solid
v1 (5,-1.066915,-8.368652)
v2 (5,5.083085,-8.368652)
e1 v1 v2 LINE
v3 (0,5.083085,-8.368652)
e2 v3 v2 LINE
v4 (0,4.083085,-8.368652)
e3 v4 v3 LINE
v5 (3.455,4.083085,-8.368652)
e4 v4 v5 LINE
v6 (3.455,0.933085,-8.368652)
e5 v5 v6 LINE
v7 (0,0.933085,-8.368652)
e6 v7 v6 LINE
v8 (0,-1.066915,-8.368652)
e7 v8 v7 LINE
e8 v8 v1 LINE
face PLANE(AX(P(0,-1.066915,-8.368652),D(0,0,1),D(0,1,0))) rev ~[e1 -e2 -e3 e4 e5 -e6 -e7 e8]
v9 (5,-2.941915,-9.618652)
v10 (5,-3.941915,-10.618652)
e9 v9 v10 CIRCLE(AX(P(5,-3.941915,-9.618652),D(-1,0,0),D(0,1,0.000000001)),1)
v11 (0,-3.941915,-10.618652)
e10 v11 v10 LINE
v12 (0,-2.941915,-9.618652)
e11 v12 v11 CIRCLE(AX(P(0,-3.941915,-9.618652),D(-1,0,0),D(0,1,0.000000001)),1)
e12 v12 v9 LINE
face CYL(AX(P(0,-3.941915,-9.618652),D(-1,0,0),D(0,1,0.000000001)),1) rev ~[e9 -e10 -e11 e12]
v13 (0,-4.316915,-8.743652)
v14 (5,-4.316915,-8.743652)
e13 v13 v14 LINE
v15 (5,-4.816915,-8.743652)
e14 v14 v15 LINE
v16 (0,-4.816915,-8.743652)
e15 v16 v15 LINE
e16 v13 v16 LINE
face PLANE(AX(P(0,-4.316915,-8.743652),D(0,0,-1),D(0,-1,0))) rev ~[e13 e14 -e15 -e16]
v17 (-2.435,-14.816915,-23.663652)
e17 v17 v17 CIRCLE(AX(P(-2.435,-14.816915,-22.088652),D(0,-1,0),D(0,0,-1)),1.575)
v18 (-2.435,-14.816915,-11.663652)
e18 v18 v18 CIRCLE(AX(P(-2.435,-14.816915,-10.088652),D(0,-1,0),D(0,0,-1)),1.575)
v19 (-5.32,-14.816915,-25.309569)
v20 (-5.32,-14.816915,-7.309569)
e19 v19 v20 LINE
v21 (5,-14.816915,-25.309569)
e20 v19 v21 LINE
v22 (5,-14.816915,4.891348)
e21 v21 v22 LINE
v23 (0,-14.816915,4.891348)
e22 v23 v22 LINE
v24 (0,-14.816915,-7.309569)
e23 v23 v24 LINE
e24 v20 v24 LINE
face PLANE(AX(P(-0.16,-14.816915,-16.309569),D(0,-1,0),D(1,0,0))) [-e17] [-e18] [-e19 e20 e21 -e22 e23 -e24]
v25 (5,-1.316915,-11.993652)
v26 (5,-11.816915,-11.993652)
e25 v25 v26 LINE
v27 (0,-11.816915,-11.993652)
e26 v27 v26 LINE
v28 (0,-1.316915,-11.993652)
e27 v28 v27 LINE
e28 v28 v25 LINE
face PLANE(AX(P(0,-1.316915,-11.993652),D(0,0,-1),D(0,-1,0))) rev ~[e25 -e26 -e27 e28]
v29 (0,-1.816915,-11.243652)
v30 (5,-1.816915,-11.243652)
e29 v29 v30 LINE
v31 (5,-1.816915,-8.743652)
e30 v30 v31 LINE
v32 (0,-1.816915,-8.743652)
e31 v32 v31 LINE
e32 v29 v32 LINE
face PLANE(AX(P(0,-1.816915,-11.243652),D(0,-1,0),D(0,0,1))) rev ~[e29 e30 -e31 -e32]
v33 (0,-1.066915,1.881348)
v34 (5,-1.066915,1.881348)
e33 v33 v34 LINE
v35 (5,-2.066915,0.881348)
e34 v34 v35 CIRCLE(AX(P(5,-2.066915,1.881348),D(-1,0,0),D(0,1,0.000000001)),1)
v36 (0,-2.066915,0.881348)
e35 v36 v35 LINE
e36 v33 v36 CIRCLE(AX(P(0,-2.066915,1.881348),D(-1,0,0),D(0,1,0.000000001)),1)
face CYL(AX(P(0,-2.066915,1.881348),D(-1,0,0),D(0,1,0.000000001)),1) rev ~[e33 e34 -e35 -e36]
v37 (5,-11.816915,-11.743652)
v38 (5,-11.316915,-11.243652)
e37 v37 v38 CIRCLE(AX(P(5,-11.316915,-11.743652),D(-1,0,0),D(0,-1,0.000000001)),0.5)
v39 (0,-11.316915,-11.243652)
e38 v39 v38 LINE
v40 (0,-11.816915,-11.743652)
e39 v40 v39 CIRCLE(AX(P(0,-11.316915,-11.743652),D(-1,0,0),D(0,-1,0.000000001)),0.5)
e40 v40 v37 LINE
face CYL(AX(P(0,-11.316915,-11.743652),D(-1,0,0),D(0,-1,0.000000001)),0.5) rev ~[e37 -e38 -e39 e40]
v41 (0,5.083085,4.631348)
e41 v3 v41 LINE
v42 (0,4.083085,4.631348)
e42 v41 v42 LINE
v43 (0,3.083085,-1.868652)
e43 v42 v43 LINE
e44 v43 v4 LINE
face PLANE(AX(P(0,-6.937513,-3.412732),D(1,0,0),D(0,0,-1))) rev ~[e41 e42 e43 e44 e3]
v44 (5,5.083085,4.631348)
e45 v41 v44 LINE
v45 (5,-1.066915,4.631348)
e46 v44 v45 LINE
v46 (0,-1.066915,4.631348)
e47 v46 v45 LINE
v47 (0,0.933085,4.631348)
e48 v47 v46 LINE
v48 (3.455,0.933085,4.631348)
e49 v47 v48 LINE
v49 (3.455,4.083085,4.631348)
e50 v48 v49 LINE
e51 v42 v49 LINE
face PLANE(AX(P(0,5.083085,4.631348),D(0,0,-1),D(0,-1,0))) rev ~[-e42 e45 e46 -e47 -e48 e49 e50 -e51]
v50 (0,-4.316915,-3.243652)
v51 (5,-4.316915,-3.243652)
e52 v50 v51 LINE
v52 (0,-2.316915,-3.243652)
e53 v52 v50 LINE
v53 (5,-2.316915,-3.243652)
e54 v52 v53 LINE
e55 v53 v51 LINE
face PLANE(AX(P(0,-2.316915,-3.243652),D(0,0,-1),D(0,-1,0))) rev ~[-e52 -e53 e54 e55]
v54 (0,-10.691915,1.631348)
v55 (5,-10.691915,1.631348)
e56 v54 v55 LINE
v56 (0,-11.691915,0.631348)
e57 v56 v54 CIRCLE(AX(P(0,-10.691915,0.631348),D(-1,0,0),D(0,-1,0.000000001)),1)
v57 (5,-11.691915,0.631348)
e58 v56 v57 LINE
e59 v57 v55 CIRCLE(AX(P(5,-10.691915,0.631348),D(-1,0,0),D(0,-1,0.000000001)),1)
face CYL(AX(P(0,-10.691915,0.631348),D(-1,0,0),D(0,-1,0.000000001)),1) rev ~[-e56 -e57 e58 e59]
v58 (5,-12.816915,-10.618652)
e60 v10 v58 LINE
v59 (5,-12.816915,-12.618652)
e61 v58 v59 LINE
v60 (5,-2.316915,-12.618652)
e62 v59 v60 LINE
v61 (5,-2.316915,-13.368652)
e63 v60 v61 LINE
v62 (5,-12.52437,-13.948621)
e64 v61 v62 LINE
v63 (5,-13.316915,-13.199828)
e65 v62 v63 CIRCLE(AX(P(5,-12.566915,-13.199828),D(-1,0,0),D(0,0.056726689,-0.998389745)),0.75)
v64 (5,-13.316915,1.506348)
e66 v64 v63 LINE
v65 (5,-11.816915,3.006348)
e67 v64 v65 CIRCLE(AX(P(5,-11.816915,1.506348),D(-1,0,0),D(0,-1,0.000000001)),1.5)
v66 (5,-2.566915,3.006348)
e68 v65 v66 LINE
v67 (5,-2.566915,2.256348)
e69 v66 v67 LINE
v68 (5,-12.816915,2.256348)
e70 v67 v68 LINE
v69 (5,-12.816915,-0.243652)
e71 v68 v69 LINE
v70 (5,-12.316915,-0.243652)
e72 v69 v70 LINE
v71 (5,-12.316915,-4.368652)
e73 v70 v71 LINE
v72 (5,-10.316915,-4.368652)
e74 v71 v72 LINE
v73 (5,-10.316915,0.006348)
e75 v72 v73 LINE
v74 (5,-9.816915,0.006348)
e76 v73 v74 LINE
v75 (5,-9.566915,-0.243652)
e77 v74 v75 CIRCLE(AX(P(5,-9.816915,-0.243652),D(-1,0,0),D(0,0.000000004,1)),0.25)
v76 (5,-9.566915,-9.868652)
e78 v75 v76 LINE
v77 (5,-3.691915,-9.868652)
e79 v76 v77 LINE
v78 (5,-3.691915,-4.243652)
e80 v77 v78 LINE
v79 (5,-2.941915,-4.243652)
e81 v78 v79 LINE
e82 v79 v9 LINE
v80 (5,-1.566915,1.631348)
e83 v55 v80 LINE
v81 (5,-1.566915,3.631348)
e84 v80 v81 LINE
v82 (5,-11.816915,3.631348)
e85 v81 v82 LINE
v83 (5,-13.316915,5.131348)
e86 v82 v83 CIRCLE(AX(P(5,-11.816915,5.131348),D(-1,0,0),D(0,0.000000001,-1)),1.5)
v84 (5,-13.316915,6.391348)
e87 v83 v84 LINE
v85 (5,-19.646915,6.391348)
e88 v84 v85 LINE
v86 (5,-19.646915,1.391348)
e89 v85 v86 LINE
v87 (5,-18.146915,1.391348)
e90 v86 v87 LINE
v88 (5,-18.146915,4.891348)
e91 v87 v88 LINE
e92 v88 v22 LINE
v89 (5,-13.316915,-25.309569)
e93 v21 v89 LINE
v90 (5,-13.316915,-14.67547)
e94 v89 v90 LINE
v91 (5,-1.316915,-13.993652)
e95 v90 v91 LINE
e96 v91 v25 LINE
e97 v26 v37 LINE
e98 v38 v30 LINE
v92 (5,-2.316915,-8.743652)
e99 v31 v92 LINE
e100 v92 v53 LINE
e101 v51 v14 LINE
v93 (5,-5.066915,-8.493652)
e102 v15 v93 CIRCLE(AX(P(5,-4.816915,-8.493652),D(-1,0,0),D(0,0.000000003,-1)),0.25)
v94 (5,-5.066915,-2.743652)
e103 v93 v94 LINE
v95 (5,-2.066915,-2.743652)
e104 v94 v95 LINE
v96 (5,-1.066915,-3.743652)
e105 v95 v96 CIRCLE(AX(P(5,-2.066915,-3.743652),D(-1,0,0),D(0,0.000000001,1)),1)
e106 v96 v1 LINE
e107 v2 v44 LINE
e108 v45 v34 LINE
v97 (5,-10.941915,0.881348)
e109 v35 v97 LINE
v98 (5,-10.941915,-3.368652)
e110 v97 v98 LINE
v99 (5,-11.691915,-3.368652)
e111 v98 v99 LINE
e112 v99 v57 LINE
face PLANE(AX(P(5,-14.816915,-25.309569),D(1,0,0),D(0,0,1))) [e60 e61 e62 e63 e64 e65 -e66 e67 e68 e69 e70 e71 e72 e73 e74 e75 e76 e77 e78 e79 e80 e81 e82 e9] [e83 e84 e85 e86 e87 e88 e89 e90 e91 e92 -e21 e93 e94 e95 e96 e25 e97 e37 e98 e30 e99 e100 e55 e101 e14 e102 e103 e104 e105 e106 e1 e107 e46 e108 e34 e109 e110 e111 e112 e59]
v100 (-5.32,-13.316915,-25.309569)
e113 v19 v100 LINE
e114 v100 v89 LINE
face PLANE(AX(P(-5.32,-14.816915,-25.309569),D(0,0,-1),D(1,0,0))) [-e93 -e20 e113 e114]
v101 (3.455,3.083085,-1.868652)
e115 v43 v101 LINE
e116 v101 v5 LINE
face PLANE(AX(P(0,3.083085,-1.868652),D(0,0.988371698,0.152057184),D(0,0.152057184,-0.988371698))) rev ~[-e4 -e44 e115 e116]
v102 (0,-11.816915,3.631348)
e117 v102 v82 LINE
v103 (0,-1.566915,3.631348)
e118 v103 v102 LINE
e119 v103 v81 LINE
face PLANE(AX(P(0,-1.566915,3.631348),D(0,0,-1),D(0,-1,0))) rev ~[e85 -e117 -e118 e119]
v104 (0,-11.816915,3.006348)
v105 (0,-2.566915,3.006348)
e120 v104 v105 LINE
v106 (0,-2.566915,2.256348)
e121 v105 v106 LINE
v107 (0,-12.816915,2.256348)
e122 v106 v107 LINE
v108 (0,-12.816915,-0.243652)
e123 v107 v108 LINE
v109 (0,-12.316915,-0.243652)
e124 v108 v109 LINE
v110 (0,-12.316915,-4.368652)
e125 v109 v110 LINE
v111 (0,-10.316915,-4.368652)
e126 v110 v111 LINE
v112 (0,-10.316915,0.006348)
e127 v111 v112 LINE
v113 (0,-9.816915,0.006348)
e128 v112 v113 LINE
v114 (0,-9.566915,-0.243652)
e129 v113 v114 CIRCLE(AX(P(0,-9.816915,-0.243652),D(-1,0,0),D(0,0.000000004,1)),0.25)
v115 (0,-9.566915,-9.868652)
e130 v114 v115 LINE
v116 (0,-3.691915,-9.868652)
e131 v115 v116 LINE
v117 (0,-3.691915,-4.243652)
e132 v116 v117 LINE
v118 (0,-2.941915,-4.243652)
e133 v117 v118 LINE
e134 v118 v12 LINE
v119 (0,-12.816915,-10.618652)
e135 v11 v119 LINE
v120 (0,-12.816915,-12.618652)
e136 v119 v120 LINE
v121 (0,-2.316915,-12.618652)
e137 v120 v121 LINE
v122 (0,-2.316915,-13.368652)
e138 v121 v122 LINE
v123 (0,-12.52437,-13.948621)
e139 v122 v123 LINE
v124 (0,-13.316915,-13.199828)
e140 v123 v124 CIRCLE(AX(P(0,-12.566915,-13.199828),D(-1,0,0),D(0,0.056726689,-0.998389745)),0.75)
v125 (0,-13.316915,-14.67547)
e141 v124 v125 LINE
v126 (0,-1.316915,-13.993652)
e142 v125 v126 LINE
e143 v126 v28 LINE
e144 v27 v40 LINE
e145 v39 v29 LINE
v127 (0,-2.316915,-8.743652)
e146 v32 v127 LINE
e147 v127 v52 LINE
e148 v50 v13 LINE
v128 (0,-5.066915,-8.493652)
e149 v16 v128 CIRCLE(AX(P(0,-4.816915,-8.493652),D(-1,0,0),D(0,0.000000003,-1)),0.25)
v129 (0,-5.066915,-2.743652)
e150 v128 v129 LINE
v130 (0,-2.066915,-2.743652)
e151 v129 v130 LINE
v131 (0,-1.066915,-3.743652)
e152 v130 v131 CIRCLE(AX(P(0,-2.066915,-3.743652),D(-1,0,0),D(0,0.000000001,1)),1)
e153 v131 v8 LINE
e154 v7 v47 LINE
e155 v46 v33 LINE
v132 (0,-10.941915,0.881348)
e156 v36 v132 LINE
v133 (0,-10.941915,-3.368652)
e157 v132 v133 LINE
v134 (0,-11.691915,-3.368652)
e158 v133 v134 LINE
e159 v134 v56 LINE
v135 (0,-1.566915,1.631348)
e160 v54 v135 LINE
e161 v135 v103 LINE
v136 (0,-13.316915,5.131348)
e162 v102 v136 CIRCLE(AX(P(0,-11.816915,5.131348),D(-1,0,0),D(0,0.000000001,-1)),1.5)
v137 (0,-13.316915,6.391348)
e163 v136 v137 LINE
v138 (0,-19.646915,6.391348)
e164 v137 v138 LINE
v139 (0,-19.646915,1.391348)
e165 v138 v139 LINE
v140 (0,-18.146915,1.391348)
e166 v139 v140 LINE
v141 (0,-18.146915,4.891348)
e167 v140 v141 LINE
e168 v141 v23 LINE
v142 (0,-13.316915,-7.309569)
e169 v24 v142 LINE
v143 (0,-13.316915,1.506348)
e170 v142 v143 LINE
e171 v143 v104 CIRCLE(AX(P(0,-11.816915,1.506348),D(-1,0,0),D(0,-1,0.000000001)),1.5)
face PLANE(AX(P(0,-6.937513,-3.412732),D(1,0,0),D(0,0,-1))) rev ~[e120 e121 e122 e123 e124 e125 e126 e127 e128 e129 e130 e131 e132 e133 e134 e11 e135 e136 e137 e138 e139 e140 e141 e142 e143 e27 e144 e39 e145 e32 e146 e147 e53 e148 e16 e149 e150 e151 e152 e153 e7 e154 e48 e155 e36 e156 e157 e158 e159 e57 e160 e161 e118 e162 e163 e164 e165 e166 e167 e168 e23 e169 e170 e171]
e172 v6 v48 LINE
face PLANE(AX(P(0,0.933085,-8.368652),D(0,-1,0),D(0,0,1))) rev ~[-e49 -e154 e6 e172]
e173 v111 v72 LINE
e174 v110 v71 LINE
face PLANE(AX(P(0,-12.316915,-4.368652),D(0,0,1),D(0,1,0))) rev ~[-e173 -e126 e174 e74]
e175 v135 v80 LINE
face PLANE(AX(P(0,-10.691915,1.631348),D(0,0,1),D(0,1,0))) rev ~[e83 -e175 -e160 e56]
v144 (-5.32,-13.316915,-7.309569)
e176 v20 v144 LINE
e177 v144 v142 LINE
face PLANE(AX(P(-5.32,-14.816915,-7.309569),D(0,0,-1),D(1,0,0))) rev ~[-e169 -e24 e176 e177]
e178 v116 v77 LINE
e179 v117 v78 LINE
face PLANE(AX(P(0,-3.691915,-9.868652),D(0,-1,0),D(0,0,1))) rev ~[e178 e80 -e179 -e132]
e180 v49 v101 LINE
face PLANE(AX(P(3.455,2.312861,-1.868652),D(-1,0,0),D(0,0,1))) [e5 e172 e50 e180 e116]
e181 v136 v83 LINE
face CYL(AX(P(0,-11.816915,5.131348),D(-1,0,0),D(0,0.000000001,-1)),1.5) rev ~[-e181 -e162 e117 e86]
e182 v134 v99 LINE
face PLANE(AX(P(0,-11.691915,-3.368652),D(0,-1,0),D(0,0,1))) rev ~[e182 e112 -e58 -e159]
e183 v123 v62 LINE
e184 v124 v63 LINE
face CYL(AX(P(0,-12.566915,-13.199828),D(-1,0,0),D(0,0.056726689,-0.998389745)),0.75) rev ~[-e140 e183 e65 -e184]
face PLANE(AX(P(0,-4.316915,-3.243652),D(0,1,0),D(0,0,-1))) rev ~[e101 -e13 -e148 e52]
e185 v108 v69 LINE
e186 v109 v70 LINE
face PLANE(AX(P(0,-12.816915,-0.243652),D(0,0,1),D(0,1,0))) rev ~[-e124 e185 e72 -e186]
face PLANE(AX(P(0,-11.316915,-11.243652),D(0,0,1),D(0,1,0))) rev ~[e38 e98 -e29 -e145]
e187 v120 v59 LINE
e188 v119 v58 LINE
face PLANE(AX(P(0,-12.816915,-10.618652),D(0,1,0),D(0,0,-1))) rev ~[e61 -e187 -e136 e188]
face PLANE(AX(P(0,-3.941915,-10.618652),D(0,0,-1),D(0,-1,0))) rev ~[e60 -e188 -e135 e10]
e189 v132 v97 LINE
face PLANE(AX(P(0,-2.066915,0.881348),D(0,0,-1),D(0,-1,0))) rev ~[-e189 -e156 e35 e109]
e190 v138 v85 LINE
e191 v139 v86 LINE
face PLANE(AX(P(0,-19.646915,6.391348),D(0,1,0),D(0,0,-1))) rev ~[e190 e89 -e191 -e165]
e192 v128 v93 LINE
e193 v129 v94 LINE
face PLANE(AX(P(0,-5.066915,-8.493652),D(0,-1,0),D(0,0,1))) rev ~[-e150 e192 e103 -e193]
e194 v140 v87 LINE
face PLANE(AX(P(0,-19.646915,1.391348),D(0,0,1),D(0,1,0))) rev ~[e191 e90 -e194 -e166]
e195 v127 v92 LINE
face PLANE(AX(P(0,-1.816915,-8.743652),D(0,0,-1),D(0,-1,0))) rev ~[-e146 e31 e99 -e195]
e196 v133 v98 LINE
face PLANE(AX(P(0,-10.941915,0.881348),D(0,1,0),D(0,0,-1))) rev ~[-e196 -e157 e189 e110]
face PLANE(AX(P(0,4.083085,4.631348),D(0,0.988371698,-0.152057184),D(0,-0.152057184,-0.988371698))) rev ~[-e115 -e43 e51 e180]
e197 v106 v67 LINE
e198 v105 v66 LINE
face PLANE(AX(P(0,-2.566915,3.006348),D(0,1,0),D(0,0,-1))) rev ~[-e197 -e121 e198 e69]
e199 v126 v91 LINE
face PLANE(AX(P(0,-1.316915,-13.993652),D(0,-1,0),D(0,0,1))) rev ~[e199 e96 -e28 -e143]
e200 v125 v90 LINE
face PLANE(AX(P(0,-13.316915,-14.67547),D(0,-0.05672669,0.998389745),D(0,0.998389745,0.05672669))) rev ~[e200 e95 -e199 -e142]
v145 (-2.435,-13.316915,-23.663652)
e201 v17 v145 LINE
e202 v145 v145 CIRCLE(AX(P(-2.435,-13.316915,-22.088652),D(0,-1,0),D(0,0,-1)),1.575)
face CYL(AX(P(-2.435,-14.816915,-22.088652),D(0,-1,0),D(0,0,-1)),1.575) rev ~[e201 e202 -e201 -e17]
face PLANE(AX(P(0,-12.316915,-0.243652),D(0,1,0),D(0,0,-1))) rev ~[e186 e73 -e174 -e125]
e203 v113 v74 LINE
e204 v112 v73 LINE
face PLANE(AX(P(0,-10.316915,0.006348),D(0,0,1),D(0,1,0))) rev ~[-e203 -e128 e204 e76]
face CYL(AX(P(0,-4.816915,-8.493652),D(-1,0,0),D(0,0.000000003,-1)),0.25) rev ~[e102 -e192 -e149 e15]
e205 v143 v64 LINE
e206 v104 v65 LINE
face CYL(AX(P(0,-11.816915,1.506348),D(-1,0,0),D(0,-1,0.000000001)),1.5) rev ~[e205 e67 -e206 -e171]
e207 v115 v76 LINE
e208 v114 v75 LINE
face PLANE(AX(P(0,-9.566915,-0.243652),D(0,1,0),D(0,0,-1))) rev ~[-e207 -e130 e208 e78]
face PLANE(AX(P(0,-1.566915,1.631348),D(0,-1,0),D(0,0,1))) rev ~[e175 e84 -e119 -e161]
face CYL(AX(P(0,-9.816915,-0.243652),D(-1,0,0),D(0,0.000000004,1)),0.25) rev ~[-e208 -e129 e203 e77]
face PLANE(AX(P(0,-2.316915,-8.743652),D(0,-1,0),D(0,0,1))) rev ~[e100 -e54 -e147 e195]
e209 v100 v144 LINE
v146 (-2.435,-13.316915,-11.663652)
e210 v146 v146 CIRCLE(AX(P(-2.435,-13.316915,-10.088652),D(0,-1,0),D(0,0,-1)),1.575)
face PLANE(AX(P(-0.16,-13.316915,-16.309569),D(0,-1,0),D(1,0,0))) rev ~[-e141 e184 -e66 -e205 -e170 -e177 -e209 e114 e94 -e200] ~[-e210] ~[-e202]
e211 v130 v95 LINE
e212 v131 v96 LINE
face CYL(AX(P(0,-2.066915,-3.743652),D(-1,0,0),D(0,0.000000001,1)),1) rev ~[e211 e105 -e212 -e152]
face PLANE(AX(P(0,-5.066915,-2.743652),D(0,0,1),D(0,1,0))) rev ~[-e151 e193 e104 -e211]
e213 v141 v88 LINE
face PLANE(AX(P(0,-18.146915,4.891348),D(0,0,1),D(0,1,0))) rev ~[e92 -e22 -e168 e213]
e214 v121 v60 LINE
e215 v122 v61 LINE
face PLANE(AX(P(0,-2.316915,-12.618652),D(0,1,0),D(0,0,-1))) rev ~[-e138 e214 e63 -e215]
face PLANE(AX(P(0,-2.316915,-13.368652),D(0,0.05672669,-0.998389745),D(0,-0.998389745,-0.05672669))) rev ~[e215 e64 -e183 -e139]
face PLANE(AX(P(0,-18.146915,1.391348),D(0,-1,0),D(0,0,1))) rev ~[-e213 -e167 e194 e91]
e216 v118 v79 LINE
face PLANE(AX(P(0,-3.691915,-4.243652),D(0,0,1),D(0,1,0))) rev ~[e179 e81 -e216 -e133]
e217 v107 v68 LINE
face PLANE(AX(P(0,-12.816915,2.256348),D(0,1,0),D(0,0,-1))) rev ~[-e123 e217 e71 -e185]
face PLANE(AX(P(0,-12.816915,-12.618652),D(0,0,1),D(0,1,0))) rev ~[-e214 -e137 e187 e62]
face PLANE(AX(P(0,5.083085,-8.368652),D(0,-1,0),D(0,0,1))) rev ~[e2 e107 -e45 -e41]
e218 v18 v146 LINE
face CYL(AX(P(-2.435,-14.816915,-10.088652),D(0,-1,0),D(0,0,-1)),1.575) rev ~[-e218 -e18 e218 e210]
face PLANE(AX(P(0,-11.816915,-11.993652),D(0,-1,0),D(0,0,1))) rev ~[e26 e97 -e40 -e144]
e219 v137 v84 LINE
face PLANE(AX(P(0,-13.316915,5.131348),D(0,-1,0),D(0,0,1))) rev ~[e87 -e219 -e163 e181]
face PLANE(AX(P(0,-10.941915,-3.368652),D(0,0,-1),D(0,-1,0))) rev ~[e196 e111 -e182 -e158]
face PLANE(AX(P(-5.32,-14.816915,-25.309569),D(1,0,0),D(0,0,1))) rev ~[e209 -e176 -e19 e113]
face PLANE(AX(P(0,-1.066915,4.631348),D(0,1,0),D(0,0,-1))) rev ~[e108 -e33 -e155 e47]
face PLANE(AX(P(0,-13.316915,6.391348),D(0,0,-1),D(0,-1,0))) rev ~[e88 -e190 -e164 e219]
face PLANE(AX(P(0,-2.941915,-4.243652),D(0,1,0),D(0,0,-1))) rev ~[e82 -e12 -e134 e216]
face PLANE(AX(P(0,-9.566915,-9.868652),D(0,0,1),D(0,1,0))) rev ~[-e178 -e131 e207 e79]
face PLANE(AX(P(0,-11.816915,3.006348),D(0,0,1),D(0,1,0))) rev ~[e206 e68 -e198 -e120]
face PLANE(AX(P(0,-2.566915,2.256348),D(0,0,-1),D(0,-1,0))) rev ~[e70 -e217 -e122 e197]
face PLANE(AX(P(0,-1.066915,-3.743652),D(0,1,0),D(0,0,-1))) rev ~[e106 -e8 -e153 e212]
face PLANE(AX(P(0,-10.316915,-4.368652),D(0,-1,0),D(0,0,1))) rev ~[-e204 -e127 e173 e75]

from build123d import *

# Parameters (mm, degrees)
FLEXURE_BOSS_DEPTH            = 5
SKETCH2_W                     = 10.32
SKETCH2_H                     = 18
SKETCH2_R                     = 1.575
MOUNTING_PLATE_BOSS_DEPTH     = 1.5
DOVETAIL_CONNECTION_CUT_DEPTH = 3.455


with BuildPart() as part:
    # Sketch1 → Flexure Boss (new body)
    with BuildSketch(Plane(origin=(0, 0, 0), x_dir=(0, 0, -1), z_dir=(1, 0, 0))):
        with BuildLine():
            Line((3.743651747, -1.066915143), (8.368651984, -1.066915143))
            Line((8.368651984, -1.066915143), (8.368651984, 5.083084857))
            Line((8.368651984, 5.083084857), (-4.631348016, 5.083084857))
            Line((-4.631348016, 5.083084857), (-4.631348016, -1.066915143))
            Line((-4.631348016, -1.066915143), (-1.881348253, -1.066915143))
            ThreePointArc((-1.881348253, -1.066915143), (-1.174241471, -1.359808362), (-0.881348253, -2.066915143))
            Line((-0.881348253, -2.066915143), (-0.881348253, -10.941915143))
            Line((-0.881348253, -10.941915143), (3.368651984, -10.941915143))
            Line((3.368651984, -10.941915143), (3.368651984, -11.691915143))
            Line((3.368651984, -11.691915143), (-0.631348016, -11.691915143))
            ThreePointArc((-0.631348016, -11.691915143), (-1.338454797, -11.399021924), (-1.631348016, -10.691915143))
            Line((-1.631348016, -10.691915143), (-1.631348016, -1.566915143))
            Line((-1.631348016, -1.566915143), (-3.631348016, -1.566915143))
            Line((-3.631348016, -1.566915143), (-3.631348016, -11.816915143))
            ThreePointArc((-3.631348016, -11.816915143), (-4.070687844, -12.877575315), (-5.131348016, -13.316915143))
            Line((-5.131348016, -13.316915143), (-6.391348016, -13.316915143))
            Line((-6.391348016, -13.316915143), (-6.391348016, -19.646915143))
            Line((-6.391348016, -19.646915143), (-1.391348016, -19.646915143))
            Line((-1.391348016, -19.646915143), (-1.391348016, -18.146915143))
            Line((-1.391348016, -18.146915143), (-4.891348016, -18.146915143))
            Line((-4.891348016, -18.146915143), (-4.891348016, -14.816915143))
            Line((-4.891348016, -14.816915143), (-4.631348016, -14.816915143))
            Line((-4.631348016, -14.816915143), (14.675469929, -14.816915143))
            Line((14.675469929, -14.816915143), (14.675469929, -13.316915143))
            Line((14.675469929, -13.316915143), (13.993651747, -1.316915143))
            Line((13.993651747, -1.316915143), (11.993651747, -1.316915143))
            Line((11.993651747, -1.316915143), (11.993651747, -11.816915143))
            Line((11.993651747, -11.816915143), (11.743651747, -11.816915143))
            ThreePointArc((11.743651747, -11.816915143), (11.390098357, -11.670468534), (11.243651747, -11.316915143))
            Line((11.243651747, -11.316915143), (11.243651747, -1.816915143))
            Line((11.243651747, -1.816915143), (8.743651747, -1.816915143))
            Line((8.743651747, -1.816915143), (8.743651747, -2.316915143))
            Line((8.743651747, -2.316915143), (3.243651747, -2.316915143))
            Line((3.243651747, -2.316915143), (3.243651747, -4.316915143))
            Line((3.243651747, -4.316915143), (8.743651747, -4.316915143))
            Line((8.743651747, -4.316915143), (8.743651747, -4.816915143))
            ThreePointArc((8.743651747, -4.816915143), (8.670428443, -4.993691838), (8.493651747, -5.066915143))
            Line((8.493651747, -5.066915143), (2.743651747, -5.066915143))
            Line((2.743651747, -5.066915143), (2.743651747, -2.066915143))
            ThreePointArc((2.743651747, -2.066915143), (3.036544966, -1.359808362), (3.743651747, -1.066915143))
        make_face()
        with BuildLine():
            Line((0.243651747, -9.566915143), (9.868651747, -9.566915143))
            Line((9.868651747, -9.566915143), (9.868651747, -3.691915143))
            Line((9.868651747, -3.691915143), (4.243651747, -3.691915143))
            Line((4.243651747, -3.691915143), (4.243651747, -2.941915143))
            Line((4.243651747, -2.941915143), (9.618651747, -2.941915143))
            ThreePointArc((9.618651747, -2.941915143), (10.325758529, -3.234808362), (10.618651747, -3.941915143))
            Line((10.618651747, -3.941915143), (10.618651747, -12.816915143))
            Line((10.618651747, -12.816915143), (12.618651747, -12.816915143))
            Line((12.618651747, -12.816915143), (12.618651747, -2.316915143))
            Line((12.618651747, -2.316915143), (13.368651747, -2.316915143))
            Line((13.368651747, -2.316915143), (13.948620781, -12.524370125))
            ThreePointArc((13.948620781, -12.524370125), (13.744993017, -13.0819837), (13.199828472, -13.316915143))
            Line((13.199828472, -13.316915143), (-1.506348016, -13.316915143))
            ThreePointArc((-1.506348016, -13.316915143), (-2.567008187, -12.877575315), (-3.006348016, -11.816915143))
            Line((-3.006348016, -11.816915143), (-3.006348016, -2.566915143))
            Line((-3.006348016, -2.566915143), (-2.256348016, -2.566915143))
            Line((-2.256348016, -2.566915143), (-2.256348016, -12.816915143))
            Line((-2.256348016, -12.816915143), (0.243651984, -12.816915143))
            Line((0.243651984, -12.816915143), (0.243651984, -12.316915143))
            Line((0.243651984, -12.316915143), (4.368651984, -12.316915143))
            Line((4.368651984, -12.316915143), (4.368651984, -10.316915143))
            Line((4.368651984, -10.316915143), (-0.006348253, -10.316915143))
            Line((-0.006348253, -10.316915143), (-0.006348253, -9.816915143))
            ThreePointArc((-0.006348253, -9.816915143), (0.066875052, -9.640138448), (0.243651747, -9.566915143))
        make_face(mode=Mode.SUBTRACT)
    extrude(amount=FLEXURE_BOSS_DEPTH)

    # Sketch2 → Mounting Plate Boss (add)
    with BuildSketch(Plane.XZ.offset(14.816915143)):
        with Locations((-0.16, -16.309568548)):
            Rectangle(SKETCH2_W, SKETCH2_H)
        with Locations(Location((-2.435, -10.088651984, 0), (0, 0, 270))):
            Circle(SKETCH2_R, mode=Mode.SUBTRACT)
        with Locations(Location((-2.435, -22.088651984, 0), (0, 0, 270))):
            Circle(SKETCH2_R, mode=Mode.SUBTRACT)
    extrude(amount=-MOUNTING_PLATE_BOSS_DEPTH)

    # Sketch7 → Dovetail Connection Cut (cut)
    with BuildSketch(Plane.ZY):
        Polygon((-8.368651984, 0.933084857), (4.631348016, 0.933084857), (4.631348016, 4.083084857), (-1.868651984, 3.083084857), (-8.368651984, 4.083084857), align=None)
    extrude(amount=-DOVETAIL_CONNECTION_CUT_DEPTH, mode=Mode.SUBTRACT)


solid = part.part
